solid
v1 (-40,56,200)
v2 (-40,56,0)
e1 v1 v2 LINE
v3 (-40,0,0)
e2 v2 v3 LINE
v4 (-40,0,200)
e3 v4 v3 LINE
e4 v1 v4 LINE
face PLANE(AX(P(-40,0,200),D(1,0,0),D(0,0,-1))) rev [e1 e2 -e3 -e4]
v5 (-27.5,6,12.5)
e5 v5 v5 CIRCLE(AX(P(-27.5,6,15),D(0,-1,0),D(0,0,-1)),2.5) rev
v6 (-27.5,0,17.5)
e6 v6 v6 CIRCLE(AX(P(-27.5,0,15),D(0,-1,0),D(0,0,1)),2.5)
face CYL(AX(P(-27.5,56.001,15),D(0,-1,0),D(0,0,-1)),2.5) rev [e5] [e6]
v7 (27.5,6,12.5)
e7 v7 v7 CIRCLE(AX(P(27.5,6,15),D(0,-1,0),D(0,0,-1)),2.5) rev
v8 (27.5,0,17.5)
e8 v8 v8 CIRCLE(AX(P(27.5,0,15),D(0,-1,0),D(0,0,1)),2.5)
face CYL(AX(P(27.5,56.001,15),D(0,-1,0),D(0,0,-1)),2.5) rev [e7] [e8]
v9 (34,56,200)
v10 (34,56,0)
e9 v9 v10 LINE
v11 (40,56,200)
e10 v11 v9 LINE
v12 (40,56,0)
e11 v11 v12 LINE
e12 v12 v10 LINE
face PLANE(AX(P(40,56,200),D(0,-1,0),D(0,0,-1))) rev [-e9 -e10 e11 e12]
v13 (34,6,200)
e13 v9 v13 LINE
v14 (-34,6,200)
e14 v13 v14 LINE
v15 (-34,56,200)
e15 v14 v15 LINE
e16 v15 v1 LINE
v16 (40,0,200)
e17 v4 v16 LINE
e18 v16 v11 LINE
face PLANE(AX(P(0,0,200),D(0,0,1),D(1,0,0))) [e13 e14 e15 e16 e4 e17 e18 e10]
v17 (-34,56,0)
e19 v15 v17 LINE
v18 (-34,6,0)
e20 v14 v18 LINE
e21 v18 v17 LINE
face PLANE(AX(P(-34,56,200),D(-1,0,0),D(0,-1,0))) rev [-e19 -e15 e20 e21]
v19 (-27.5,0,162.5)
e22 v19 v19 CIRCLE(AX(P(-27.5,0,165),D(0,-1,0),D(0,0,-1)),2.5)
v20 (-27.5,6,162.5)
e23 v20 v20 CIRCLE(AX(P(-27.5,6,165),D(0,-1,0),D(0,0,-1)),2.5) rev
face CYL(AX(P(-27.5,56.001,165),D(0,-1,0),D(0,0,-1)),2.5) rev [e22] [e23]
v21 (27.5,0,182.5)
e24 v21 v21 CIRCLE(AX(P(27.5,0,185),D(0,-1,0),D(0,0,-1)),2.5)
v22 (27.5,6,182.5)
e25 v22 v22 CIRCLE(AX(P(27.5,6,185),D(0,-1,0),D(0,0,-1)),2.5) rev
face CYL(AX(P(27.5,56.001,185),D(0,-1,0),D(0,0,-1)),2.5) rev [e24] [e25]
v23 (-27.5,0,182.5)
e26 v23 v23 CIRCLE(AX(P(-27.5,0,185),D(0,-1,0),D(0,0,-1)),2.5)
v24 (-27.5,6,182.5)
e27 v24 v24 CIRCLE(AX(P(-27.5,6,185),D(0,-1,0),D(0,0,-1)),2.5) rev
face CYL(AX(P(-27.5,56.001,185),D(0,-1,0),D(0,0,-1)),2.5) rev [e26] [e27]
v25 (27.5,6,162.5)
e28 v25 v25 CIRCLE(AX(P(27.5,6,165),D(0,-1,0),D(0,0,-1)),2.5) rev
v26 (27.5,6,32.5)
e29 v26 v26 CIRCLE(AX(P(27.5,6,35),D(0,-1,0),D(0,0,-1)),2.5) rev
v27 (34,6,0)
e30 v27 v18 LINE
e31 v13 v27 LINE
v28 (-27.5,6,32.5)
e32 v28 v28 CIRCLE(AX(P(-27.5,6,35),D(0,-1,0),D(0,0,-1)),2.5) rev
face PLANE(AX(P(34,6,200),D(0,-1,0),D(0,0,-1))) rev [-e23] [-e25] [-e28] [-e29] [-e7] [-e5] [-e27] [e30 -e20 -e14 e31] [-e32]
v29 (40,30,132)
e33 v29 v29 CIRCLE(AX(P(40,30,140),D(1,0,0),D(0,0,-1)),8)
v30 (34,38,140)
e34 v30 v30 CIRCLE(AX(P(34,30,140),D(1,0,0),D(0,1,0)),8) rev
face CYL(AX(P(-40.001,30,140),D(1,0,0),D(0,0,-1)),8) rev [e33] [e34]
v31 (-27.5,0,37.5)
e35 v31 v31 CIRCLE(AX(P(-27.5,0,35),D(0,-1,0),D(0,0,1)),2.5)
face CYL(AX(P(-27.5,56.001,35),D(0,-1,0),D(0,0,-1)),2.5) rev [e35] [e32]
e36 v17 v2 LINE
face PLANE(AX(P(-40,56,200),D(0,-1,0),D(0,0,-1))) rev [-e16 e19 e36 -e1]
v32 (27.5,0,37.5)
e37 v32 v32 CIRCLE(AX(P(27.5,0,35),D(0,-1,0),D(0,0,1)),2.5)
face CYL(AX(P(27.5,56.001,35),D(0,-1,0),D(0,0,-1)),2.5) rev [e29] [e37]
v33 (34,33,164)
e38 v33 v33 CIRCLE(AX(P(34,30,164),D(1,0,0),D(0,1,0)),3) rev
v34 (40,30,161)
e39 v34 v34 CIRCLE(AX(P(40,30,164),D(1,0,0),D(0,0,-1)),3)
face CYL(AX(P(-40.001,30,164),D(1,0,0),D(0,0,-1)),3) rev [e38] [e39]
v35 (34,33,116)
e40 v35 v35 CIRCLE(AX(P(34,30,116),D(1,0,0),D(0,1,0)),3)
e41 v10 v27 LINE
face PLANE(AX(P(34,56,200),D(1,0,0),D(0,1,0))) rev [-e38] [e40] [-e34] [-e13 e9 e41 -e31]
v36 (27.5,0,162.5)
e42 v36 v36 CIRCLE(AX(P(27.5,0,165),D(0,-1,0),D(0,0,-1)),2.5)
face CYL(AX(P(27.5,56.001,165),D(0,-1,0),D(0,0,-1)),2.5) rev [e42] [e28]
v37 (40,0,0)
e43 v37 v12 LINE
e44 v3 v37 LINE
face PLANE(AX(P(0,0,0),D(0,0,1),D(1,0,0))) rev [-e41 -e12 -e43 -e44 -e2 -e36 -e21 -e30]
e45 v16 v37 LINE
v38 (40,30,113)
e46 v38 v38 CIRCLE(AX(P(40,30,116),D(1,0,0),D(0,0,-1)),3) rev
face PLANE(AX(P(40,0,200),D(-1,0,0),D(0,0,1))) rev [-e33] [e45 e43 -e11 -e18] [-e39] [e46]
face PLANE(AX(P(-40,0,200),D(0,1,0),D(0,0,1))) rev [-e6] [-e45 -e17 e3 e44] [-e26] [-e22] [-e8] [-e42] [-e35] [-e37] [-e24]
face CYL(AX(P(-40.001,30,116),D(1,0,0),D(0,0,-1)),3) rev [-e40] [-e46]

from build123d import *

# Parameters (mm, degrees)
EXTRUDE_1_DEPTH     = 200
CUT_EXTRUDE_1_REACH = 82
SKETCH_3_R          = 8
SKETCH_3_R_2        = 3
CUT_EXTRUDE_2_REACH = 58
SKETCH_4_R          = 2.5


with BuildPart() as part:
    # 草图1 → 凸台-拉伸1 (new body)
    with BuildSketch(Plane.XY):
        Polygon((-40, 0), (40, 0), (40, 56), (34, 56), (34, 6), (-34, 6), (-34, 56), (-40, 56), align=None)
    extrude(amount=EXTRUDE_1_DEPTH)

    # 草图3 → 切除-拉伸1 (cut, up to next)
    with BuildSketch(Plane(origin=(40, 0, 0), x_dir=(0, 0, -1), z_dir=(1, 0, 0)), mode=Mode.PRIVATE) as cut_extrude_1_sk1:
        with Locations((-140, 30)):
            Circle(SKETCH_3_R)
    cut_extrude_1_tool1 = extrude(cut_extrude_1_sk1.sketch, amount=-CUT_EXTRUDE_1_REACH, mode=Mode.PRIVATE) & part.part
    add(cut_extrude_1_tool1.solids().sort_by_distance((40, 30, 140))[0], mode=Mode.SUBTRACT)
    # 草图3 → 切除-拉伸1 (cut, up to next)
    with BuildSketch(Plane(origin=(40, 0, 0), x_dir=(0, 0, -1), z_dir=(1, 0, 0)), mode=Mode.PRIVATE) as cut_extrude_1_sk2:
        with Locations((-164, 30)):
            Circle(SKETCH_3_R_2)
    cut_extrude_1_tool2 = extrude(cut_extrude_1_sk2.sketch, amount=-CUT_EXTRUDE_1_REACH, mode=Mode.PRIVATE) & part.part
    add(cut_extrude_1_tool2.solids().sort_by_distance((40, 30, 164))[0], mode=Mode.SUBTRACT)
    # 草图3 → 切除-拉伸1 (cut, up to next)
    with BuildSketch(Plane(origin=(40, 0, 0), x_dir=(0, 0, -1), z_dir=(1, 0, 0)), mode=Mode.PRIVATE) as cut_extrude_1_sk3:
        with Locations((-116, 30)):
            Circle(SKETCH_3_R_2)
    cut_extrude_1_tool3 = extrude(cut_extrude_1_sk3.sketch, amount=-CUT_EXTRUDE_1_REACH, mode=Mode.PRIVATE) & part.part
    add(cut_extrude_1_tool3.solids().sort_by_distance((40, 30, 116))[0], mode=Mode.SUBTRACT)

    # 草图4 → 切除-拉伸2 (cut, up to next)
    with BuildSketch(Plane.XZ, mode=Mode.PRIVATE) as cut_extrude_2_sk1:
        with Locations((-27.5, 185)):
            Circle(SKETCH_4_R)
    cut_extrude_2_tool1 = extrude(cut_extrude_2_sk1.sketch, amount=-CUT_EXTRUDE_2_REACH, mode=Mode.PRIVATE) & part.part
    add(cut_extrude_2_tool1.solids().sort_by_distance((-27.5, 0, 185))[0], mode=Mode.SUBTRACT)
    # 草图4 → 切除-拉伸2 (cut, up to next)
    with BuildSketch(Plane.XZ, mode=Mode.PRIVATE) as cut_extrude_2_sk2:
        with Locations((27.5, 185)):
            Circle(SKETCH_4_R)
    cut_extrude_2_tool2 = extrude(cut_extrude_2_sk2.sketch, amount=-CUT_EXTRUDE_2_REACH, mode=Mode.PRIVATE) & part.part
    add(cut_extrude_2_tool2.solids().sort_by_distance((27.5, 0, 185))[0], mode=Mode.SUBTRACT)
    # 草图4 → 切除-拉伸2 (cut, up to next)
    with BuildSketch(Plane.XZ, mode=Mode.PRIVATE) as cut_extrude_2_sk3:
        with Locations((-27.5, 165)):
            Circle(SKETCH_4_R)
    cut_extrude_2_tool3 = extrude(cut_extrude_2_sk3.sketch, amount=-CUT_EXTRUDE_2_REACH, mode=Mode.PRIVATE) & part.part
    add(cut_extrude_2_tool3.solids().sort_by_distance((-27.5, 0, 165))[0], mode=Mode.SUBTRACT)
    # 草图4 → 切除-拉伸2 (cut, up to next)
    with BuildSketch(Plane.XZ, mode=Mode.PRIVATE) as cut_extrude_2_sk4:
        with Locations((27.5, 165)):
            Circle(SKETCH_4_R)
    cut_extrude_2_tool4 = extrude(cut_extrude_2_sk4.sketch, amount=-CUT_EXTRUDE_2_REACH, mode=Mode.PRIVATE) & part.part
    add(cut_extrude_2_tool4.solids().sort_by_distance((27.5, 0, 165))[0], mode=Mode.SUBTRACT)
    # 草图4 → 切除-拉伸2 (cut, up to next)
    with BuildSketch(Plane.XZ, mode=Mode.PRIVATE) as cut_extrude_2_sk5:
        with Locations((27.5, 35)):
            Circle(SKETCH_4_R)
    cut_extrude_2_tool5 = extrude(cut_extrude_2_sk5.sketch, amount=-CUT_EXTRUDE_2_REACH, mode=Mode.PRIVATE) & part.part
    add(cut_extrude_2_tool5.solids().sort_by_distance((27.5, 0, 35))[0], mode=Mode.SUBTRACT)
    # 草图4 → 切除-拉伸2 (cut, up to next)
    with BuildSketch(Plane.XZ, mode=Mode.PRIVATE) as cut_extrude_2_sk6:
        with Locations((-27.5, 35)):
            Circle(SKETCH_4_R)
    cut_extrude_2_tool6 = extrude(cut_extrude_2_sk6.sketch, amount=-CUT_EXTRUDE_2_REACH, mode=Mode.PRIVATE) & part.part
    add(cut_extrude_2_tool6.solids().sort_by_distance((-27.5, 0, 35))[0], mode=Mode.SUBTRACT)
    # 草图4 → 切除-拉伸2 (cut, up to next)
    with BuildSketch(Plane.XZ, mode=Mode.PRIVATE) as cut_extrude_2_sk7:
        with Locations((27.5, 15)):
            Circle(SKETCH_4_R)
    cut_extrude_2_tool7 = extrude(cut_extrude_2_sk7.sketch, amount=-CUT_EXTRUDE_2_REACH, mode=Mode.PRIVATE) & part.part
    add(cut_extrude_2_tool7.solids().sort_by_distance((27.5, 0, 15))[0], mode=Mode.SUBTRACT)
    # 草图4 → 切除-拉伸2 (cut, up to next)
    with BuildSketch(Plane.XZ, mode=Mode.PRIVATE) as cut_extrude_2_sk8:
        with Locations((-27.5, 15)):
            Circle(SKETCH_4_R)
    cut_extrude_2_tool8 = extrude(cut_extrude_2_sk8.sketch, amount=-CUT_EXTRUDE_2_REACH, mode=Mode.PRIVATE) & part.part
    add(cut_extrude_2_tool8.solids().sort_by_distance((-27.5, 0, 15))[0], mode=Mode.SUBTRACT)


solid = part.part
